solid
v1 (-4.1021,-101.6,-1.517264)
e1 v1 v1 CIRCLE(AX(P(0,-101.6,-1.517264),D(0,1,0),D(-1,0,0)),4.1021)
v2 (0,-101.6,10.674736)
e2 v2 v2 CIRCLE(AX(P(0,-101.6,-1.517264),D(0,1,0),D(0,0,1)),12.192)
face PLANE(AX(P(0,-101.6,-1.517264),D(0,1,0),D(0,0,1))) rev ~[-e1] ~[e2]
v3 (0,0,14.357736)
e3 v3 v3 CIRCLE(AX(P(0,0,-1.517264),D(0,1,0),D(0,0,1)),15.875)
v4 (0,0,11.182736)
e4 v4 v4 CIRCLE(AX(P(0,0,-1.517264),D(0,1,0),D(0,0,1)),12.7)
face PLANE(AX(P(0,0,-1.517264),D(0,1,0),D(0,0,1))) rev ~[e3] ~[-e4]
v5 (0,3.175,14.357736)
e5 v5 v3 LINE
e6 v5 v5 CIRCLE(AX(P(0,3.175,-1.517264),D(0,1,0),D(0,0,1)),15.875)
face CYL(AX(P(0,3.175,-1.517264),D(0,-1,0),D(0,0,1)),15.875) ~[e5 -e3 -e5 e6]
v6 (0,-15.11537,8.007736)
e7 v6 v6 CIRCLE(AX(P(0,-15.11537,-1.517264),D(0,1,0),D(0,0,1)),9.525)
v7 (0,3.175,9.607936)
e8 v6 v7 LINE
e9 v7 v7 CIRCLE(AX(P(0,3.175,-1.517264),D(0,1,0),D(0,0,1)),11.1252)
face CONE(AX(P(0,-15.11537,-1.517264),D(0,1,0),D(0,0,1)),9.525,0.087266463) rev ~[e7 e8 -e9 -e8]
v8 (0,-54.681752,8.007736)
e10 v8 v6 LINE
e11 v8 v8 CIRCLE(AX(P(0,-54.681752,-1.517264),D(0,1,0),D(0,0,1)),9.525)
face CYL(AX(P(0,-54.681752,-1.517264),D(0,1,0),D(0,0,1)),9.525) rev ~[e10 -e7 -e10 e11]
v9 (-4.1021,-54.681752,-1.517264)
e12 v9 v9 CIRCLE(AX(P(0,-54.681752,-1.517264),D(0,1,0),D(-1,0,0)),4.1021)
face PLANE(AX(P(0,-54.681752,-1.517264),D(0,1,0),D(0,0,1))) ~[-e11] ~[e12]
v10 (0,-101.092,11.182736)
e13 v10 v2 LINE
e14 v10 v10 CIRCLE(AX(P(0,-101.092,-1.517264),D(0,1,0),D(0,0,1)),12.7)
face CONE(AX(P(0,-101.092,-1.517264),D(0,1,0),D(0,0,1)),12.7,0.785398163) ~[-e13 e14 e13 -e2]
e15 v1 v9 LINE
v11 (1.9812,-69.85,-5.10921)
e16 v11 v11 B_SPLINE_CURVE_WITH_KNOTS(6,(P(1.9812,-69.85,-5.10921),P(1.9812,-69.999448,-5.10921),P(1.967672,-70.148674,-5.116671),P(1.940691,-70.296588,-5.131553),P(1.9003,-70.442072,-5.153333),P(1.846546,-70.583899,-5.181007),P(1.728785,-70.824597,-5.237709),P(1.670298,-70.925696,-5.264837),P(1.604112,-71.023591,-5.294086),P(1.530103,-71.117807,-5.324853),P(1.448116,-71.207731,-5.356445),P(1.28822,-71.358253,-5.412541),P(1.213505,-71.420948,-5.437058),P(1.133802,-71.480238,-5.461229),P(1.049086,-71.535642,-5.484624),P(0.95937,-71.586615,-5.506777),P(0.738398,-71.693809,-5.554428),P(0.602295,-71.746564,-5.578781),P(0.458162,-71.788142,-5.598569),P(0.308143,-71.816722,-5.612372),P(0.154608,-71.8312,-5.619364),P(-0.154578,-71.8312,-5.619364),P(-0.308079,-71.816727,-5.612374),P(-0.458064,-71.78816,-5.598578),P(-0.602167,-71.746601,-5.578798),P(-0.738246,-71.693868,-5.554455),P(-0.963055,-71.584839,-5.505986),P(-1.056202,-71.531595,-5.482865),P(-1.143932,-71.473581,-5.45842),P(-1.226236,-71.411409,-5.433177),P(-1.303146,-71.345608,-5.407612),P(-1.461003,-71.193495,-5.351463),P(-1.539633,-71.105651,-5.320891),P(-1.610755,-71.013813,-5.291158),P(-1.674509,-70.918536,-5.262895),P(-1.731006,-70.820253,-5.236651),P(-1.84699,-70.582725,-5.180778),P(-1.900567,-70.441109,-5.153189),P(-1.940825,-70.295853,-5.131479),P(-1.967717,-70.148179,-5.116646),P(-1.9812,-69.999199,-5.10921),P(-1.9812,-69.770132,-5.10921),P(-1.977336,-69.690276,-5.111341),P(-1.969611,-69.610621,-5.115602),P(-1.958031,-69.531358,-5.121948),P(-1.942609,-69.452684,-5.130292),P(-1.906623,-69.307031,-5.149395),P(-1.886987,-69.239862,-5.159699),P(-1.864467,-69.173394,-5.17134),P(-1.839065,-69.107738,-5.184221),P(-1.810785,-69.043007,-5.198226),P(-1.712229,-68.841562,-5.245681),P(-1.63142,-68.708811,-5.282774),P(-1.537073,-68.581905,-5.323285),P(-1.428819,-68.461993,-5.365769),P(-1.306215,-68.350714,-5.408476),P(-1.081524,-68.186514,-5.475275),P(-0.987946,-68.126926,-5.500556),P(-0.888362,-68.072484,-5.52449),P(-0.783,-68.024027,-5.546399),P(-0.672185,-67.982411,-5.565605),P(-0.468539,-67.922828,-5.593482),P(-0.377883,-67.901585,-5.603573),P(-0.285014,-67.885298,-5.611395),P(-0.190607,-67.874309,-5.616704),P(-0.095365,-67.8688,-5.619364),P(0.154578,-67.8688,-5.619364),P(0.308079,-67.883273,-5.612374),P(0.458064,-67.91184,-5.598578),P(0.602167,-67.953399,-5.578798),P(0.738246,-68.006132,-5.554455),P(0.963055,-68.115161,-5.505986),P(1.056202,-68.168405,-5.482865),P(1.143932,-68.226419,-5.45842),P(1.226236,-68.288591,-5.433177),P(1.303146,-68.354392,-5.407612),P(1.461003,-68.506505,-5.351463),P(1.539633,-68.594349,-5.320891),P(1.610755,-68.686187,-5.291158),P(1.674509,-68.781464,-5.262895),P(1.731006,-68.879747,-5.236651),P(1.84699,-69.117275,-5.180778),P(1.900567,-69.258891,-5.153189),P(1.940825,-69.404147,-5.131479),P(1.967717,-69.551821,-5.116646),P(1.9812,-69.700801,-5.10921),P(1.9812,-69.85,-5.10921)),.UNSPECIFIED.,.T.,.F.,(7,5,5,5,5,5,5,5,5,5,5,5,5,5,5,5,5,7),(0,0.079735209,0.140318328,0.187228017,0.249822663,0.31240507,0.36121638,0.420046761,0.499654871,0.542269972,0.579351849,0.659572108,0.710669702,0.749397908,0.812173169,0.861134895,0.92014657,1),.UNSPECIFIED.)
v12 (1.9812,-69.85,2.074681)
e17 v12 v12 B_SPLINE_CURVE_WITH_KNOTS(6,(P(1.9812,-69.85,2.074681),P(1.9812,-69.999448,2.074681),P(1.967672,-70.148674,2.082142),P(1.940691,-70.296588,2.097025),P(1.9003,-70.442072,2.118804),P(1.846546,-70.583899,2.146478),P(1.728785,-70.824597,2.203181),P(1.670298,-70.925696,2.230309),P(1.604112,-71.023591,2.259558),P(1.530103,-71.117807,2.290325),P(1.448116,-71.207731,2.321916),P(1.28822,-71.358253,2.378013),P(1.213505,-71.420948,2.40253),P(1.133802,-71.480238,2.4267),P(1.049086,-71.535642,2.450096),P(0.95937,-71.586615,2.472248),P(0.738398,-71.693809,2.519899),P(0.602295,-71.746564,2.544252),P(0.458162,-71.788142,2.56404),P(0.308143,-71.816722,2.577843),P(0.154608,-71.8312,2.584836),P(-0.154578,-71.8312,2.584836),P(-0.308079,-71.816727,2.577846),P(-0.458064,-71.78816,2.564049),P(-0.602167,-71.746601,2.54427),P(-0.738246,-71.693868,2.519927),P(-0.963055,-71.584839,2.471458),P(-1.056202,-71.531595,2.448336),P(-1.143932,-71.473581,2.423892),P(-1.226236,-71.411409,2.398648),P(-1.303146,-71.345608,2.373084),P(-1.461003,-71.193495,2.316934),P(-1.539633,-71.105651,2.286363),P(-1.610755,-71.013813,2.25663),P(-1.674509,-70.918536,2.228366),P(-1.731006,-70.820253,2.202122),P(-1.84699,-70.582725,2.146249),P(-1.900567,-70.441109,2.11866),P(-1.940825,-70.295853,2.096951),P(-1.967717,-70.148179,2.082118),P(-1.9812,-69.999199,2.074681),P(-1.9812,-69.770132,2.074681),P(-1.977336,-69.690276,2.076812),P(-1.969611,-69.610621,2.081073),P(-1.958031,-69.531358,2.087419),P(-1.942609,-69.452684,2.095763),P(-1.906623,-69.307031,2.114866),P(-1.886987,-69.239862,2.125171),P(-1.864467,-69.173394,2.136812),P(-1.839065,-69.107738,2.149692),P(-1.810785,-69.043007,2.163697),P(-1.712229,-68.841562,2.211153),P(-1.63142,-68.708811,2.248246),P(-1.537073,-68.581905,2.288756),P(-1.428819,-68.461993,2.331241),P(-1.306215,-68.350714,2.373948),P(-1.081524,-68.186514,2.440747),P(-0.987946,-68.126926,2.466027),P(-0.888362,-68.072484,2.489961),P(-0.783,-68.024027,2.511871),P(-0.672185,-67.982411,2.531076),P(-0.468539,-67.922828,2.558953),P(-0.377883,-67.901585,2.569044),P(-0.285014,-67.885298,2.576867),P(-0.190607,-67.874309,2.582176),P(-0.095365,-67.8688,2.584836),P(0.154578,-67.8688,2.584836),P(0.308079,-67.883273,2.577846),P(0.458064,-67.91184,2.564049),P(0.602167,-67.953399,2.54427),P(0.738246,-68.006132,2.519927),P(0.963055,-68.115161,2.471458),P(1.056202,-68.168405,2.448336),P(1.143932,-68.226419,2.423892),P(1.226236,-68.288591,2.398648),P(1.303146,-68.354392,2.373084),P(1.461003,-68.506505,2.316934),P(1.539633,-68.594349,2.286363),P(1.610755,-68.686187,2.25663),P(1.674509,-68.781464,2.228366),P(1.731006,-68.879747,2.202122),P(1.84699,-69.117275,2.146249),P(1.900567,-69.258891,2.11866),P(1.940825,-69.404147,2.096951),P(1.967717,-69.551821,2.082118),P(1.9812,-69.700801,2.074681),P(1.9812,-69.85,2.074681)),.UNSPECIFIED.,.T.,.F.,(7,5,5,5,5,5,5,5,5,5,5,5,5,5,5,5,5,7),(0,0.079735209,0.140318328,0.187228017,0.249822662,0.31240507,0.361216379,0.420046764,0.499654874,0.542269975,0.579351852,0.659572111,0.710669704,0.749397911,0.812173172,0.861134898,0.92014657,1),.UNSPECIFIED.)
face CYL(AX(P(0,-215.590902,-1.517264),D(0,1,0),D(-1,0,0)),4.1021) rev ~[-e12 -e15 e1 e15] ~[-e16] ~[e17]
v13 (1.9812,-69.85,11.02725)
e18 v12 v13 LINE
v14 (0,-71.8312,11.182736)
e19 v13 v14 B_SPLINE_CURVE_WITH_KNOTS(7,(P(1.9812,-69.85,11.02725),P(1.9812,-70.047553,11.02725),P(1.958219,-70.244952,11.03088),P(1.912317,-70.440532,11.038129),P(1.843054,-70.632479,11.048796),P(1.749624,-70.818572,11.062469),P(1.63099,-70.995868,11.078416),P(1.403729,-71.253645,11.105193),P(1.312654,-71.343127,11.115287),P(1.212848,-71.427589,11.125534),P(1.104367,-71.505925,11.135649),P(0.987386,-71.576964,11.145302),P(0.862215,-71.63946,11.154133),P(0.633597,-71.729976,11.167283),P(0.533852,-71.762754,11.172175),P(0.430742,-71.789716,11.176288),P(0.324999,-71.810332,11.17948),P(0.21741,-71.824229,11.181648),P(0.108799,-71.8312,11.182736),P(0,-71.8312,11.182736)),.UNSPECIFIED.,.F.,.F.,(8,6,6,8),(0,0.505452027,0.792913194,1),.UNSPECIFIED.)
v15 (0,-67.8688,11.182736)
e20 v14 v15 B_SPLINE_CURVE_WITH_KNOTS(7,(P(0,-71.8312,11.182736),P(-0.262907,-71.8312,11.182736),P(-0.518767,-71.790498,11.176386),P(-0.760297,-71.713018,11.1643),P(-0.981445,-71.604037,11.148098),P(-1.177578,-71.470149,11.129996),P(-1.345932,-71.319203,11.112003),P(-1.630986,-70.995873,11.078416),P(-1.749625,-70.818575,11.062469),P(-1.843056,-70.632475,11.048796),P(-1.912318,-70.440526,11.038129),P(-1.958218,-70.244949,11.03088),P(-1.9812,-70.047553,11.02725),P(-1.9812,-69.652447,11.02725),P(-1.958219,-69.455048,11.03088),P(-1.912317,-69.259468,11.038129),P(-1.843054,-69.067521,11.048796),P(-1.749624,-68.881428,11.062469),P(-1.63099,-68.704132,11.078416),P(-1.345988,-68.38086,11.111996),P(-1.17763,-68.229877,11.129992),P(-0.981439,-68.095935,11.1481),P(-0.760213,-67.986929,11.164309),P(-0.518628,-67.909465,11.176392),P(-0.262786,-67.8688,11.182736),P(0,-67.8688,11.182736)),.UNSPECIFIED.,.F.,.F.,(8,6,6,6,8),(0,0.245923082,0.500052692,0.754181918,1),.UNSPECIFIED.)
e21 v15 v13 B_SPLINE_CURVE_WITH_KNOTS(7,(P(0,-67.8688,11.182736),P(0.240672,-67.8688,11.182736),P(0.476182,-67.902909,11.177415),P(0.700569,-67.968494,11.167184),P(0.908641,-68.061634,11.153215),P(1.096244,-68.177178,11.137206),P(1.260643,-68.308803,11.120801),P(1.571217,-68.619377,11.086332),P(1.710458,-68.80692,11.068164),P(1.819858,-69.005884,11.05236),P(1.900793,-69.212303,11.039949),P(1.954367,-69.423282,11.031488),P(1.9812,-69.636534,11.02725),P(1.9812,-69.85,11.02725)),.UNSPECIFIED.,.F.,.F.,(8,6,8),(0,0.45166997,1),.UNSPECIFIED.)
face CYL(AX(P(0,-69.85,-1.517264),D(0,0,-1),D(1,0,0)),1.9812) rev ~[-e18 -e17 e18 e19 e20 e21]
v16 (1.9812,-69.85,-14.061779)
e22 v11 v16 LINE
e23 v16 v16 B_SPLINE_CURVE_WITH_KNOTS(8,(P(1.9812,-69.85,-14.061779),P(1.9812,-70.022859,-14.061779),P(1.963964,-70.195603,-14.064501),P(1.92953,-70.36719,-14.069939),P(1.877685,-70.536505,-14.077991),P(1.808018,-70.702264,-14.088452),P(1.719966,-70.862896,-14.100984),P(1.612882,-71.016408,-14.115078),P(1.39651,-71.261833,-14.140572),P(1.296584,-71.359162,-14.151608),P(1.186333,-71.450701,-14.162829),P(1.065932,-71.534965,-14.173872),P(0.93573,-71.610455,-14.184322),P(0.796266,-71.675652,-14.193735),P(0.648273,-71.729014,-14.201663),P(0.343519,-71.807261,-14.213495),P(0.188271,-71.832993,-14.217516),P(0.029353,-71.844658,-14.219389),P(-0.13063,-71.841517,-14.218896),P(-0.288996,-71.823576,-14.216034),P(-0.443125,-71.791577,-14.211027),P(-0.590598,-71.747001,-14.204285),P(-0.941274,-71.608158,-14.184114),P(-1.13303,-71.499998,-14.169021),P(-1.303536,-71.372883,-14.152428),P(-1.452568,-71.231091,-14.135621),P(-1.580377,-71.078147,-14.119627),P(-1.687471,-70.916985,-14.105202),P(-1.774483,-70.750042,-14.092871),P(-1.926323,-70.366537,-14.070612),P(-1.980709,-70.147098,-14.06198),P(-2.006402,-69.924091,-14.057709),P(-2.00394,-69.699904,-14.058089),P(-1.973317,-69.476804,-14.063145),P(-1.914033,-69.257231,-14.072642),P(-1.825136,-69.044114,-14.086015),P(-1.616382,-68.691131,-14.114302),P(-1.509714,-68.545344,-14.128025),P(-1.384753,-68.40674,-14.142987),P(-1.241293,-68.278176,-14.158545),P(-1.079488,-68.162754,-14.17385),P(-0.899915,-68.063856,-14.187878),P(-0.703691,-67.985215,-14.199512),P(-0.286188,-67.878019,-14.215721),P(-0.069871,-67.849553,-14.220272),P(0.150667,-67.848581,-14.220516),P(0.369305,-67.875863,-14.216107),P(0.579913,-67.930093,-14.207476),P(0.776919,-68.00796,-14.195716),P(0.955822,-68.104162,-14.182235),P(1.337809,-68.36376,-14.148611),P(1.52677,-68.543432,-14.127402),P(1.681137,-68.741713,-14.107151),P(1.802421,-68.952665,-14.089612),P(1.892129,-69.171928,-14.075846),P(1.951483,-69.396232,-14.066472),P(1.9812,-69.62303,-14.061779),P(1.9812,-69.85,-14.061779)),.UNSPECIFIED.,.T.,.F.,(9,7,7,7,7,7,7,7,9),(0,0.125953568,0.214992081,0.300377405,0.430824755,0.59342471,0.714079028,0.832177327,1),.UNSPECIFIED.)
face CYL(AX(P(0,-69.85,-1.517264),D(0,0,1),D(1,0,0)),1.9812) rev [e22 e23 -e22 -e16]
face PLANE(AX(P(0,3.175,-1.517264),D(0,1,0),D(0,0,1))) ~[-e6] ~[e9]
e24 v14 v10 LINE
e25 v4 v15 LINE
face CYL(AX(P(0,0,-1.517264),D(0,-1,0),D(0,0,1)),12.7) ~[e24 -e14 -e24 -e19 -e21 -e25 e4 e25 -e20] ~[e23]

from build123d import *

# Parameters (mm, degrees)
F3_D          = 8.2042
F5_R          = 1.9812
F6_DEPTH      = 15.876
F6_DEPTH_BACK = 15.876
F7_SIZE       = 0.508


with BuildPart() as f1:
    # F0 (on Right) → F1 (revolve)
    with BuildSketch(Plane.YZ):
        Polygon((0, 11.1827357164), (-101.6, 11.1827357164), (-101.6, -1.5172642836), (-54.6817518771, -1.5172642836), (-54.6817518771, 8.0077357164), (-15.1153696949, 8.0077357164), (3.175, 9.6079357164), (3.175, 14.3577357164), (0, 14.3577357164), align=None)
    revolve(axis=Axis((0, -78.1408759385, -1.5172642836), (0, 1, 0)))

    # F3 (through all)
    with Locations(Plane.XZ.offset(101.6)):
        with Locations((0, -1.5172642836)):
            Hole(F3_D / 2)

    # F5 (on face) → F6 (cut, two sides)
    with BuildSketch(Plane(origin=(0, 0, -1.5172642836), x_dir=(1, 0, 0), z_dir=(0, 0, -1))) as f6_sk:
        with Locations((0, 69.85)):
            Circle(F5_R)
    extrude(amount=-F6_DEPTH, mode=Mode.SUBTRACT)
    extrude(f6_sk.sketch, amount=F6_DEPTH_BACK, mode=Mode.SUBTRACT)

    # F7
    f7_edges = [f1.edges().sort_by_distance(p)[0] for p in [
        (0, -101.6, -14.217264),
    ]]
    chamfer(f7_edges, length=F7_SIZE)


solid = f1.part
